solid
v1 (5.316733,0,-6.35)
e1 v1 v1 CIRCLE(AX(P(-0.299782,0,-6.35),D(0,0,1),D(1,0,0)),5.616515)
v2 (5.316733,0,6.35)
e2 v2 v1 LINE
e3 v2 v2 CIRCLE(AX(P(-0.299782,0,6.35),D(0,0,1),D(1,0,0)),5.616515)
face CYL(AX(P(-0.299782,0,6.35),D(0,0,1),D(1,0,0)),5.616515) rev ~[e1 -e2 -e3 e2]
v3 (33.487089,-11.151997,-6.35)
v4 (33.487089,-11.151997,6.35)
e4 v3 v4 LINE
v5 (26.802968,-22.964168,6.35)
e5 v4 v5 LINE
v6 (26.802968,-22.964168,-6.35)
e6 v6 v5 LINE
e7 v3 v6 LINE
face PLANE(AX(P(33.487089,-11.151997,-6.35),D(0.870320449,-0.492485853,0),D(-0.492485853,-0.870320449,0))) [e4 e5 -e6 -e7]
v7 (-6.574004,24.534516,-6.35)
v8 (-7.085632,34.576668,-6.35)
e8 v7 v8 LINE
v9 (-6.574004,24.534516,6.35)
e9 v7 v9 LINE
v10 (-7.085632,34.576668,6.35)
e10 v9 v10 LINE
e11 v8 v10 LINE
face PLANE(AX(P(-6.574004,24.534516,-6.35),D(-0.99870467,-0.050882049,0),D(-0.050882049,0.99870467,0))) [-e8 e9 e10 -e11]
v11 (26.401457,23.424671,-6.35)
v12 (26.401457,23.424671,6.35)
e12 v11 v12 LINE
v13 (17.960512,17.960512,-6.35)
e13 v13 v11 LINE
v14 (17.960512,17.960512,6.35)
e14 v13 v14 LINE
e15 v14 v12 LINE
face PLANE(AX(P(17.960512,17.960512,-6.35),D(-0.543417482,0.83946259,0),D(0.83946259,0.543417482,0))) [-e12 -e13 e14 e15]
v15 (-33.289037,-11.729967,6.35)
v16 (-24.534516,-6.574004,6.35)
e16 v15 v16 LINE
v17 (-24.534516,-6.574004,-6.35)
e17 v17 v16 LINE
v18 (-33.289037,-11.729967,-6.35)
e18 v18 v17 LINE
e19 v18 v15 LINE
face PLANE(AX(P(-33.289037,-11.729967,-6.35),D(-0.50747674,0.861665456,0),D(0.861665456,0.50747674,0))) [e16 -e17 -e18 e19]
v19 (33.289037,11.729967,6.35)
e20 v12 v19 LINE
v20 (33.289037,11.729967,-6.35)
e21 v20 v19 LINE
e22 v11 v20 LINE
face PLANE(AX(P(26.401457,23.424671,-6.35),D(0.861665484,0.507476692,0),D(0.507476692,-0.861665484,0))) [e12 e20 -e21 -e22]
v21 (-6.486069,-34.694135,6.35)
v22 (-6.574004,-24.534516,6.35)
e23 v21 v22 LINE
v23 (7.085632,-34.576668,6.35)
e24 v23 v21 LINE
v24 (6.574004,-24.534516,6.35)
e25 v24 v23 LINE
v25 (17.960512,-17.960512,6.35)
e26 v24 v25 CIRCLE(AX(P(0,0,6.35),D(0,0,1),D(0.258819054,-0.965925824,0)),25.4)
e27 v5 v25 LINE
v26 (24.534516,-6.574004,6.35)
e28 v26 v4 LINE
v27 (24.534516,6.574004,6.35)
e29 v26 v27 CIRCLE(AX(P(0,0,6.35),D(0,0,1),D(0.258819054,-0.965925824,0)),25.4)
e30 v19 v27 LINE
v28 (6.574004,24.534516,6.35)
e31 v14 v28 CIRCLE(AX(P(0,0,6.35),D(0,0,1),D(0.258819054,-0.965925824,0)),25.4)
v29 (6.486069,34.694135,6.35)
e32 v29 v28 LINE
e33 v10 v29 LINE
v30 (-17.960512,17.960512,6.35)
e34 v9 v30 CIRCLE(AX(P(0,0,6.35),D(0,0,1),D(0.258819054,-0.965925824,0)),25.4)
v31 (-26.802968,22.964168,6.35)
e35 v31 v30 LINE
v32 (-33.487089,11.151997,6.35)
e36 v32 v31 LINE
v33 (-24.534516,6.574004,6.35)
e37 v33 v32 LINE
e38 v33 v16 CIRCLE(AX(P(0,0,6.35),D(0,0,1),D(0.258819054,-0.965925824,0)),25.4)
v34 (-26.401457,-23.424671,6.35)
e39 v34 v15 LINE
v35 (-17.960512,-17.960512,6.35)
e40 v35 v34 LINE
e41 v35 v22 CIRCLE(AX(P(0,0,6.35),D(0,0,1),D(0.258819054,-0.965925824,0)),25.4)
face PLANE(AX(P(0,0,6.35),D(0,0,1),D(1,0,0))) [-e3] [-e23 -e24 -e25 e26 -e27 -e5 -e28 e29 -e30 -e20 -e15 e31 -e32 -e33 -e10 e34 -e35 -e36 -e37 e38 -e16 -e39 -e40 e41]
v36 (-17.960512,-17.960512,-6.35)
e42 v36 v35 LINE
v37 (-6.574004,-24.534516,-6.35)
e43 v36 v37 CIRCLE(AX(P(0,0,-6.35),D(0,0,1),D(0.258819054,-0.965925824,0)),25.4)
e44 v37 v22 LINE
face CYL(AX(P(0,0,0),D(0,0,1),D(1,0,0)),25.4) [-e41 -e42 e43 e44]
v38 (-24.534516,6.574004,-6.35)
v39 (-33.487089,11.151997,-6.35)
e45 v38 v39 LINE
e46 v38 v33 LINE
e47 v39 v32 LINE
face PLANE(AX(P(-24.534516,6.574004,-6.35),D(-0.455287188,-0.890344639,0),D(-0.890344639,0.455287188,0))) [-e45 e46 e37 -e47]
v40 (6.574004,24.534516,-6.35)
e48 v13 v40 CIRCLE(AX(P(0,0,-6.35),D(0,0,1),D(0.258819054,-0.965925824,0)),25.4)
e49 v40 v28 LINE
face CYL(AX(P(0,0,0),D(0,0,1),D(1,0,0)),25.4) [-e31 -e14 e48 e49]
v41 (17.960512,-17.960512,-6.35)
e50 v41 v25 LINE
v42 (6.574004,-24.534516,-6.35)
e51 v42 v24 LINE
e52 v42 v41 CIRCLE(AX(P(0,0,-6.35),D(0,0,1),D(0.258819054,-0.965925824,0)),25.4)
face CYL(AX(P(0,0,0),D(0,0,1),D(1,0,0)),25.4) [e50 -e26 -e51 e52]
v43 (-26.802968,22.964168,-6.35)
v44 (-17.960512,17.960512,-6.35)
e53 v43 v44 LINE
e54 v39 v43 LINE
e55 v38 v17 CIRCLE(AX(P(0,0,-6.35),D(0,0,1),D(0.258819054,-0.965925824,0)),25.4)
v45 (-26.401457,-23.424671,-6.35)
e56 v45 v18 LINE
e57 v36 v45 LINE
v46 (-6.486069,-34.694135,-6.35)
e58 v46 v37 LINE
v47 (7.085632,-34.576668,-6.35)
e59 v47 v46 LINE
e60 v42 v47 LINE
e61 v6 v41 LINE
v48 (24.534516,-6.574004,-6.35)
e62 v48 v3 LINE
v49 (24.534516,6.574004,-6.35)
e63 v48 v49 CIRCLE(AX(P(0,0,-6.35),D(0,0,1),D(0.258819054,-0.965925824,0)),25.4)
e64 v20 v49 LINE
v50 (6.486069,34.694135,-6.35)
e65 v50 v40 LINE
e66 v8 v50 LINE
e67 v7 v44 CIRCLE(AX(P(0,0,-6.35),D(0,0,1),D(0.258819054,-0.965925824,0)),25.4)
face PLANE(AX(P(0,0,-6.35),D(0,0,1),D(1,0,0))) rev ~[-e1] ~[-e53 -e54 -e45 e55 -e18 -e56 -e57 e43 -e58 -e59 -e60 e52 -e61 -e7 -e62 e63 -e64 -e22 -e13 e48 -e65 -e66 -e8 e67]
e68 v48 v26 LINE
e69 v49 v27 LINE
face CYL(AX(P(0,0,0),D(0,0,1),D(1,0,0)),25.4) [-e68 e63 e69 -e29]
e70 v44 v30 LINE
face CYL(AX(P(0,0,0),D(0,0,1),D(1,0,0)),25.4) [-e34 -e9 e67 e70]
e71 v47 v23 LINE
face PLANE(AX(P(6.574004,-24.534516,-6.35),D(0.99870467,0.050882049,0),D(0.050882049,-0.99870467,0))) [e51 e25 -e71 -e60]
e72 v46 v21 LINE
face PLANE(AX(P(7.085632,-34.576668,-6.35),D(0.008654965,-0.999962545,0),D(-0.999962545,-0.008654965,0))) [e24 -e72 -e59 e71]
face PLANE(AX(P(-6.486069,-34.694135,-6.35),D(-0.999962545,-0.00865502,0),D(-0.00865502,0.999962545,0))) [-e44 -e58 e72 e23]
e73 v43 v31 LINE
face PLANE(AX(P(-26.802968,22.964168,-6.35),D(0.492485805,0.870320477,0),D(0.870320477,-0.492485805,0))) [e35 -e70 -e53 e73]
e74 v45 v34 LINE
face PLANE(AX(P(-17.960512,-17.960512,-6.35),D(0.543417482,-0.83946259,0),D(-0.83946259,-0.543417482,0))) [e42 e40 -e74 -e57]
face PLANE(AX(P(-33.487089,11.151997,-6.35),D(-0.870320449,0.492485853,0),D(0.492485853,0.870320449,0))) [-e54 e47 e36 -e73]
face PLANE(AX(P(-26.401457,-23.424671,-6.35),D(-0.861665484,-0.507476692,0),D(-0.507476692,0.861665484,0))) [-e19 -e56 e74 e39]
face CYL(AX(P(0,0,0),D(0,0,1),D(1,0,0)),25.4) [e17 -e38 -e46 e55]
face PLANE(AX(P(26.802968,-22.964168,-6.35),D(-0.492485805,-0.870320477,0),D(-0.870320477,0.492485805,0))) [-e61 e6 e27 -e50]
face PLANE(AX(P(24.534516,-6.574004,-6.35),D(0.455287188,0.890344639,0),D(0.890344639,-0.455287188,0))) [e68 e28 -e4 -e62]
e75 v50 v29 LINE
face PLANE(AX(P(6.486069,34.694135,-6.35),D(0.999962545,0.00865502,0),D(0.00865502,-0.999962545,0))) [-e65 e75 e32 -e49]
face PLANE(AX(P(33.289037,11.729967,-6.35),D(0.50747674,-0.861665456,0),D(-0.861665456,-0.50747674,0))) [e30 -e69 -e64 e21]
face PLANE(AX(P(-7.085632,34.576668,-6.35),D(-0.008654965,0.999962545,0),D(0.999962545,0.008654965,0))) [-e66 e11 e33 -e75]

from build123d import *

# Parameters (mm, degrees)
F0_R     = 25.4
F1_DEPTH = 6.35
F3_DEPTH = 12.7
F5_COUNT = 6
F6_R     = 5.616515
F7_DEPTH = 12.7


with BuildPart() as f1:
    # F0 (on Top) → F1 (new body, symmetric)
    with BuildSketch(Plane.XY):
        Circle(F0_R)
    extrude(amount=F1_DEPTH, both=True)

    # F2 (on face) → F3 (join)
    with BuildSketch(Plane(origin=(0, 0, -6.35), x_dir=(1, 0, 0), z_dir=(0, 0, -1))):
        with BuildLine():
            Line((-6.574004, 24.534516), (0, 24.477616))
            Line((0, 24.477616), (0, 25.4))
            ThreePointArc((0, 25.4), (-3.315365, 25.182699), (-6.574004, 24.534516))
        make_face()
        with BuildLine():
            Line((0, 25.4), (0, 24.477616))
            Line((0, 24.477616), (6.543582, 24.420979))
            Line((6.543582, 24.420979), (6.574004, 24.534516))
            ThreePointArc((6.574004, 24.534516), (3.315365, 25.182699), (0, 25.4))
        make_face()
        with BuildLine():
            Line((-6.486069, 34.694135), (-6.574004, 24.534516))
            ThreePointArc((-6.574004, 24.534516), (-3.315365, 25.182699), (0, 25.4))
            ThreePointArc((0, 25.4), (3.315365, 25.182699), (6.574004, 24.534516))
            Line((6.574004, 24.534516), (7.085632, 34.576668))
            Line((7.085632, 34.576668), (-6.486069, 34.694135))
        make_face()
    extrude(amount=-F3_DEPTH)

    # F5: F1 ×6 about axis
    f5_axis = Axis((0, 0, 22.241494), (0, 0, 1))


with BuildPart() as f1_1:
    add(f1.part)
    for i in range(1, F5_COUNT):
        add(f1.part.rotate(f5_axis, i * 360 / F5_COUNT))

    # F6 (on face) → F7 (cut)
    with BuildSketch(Plane.XY.offset(6.35)):
        with Locations((-0.299782, 0)):
            Circle(F6_R)
    extrude(amount=-F7_DEPTH, mode=Mode.SUBTRACT)


solid = f1_1.part
